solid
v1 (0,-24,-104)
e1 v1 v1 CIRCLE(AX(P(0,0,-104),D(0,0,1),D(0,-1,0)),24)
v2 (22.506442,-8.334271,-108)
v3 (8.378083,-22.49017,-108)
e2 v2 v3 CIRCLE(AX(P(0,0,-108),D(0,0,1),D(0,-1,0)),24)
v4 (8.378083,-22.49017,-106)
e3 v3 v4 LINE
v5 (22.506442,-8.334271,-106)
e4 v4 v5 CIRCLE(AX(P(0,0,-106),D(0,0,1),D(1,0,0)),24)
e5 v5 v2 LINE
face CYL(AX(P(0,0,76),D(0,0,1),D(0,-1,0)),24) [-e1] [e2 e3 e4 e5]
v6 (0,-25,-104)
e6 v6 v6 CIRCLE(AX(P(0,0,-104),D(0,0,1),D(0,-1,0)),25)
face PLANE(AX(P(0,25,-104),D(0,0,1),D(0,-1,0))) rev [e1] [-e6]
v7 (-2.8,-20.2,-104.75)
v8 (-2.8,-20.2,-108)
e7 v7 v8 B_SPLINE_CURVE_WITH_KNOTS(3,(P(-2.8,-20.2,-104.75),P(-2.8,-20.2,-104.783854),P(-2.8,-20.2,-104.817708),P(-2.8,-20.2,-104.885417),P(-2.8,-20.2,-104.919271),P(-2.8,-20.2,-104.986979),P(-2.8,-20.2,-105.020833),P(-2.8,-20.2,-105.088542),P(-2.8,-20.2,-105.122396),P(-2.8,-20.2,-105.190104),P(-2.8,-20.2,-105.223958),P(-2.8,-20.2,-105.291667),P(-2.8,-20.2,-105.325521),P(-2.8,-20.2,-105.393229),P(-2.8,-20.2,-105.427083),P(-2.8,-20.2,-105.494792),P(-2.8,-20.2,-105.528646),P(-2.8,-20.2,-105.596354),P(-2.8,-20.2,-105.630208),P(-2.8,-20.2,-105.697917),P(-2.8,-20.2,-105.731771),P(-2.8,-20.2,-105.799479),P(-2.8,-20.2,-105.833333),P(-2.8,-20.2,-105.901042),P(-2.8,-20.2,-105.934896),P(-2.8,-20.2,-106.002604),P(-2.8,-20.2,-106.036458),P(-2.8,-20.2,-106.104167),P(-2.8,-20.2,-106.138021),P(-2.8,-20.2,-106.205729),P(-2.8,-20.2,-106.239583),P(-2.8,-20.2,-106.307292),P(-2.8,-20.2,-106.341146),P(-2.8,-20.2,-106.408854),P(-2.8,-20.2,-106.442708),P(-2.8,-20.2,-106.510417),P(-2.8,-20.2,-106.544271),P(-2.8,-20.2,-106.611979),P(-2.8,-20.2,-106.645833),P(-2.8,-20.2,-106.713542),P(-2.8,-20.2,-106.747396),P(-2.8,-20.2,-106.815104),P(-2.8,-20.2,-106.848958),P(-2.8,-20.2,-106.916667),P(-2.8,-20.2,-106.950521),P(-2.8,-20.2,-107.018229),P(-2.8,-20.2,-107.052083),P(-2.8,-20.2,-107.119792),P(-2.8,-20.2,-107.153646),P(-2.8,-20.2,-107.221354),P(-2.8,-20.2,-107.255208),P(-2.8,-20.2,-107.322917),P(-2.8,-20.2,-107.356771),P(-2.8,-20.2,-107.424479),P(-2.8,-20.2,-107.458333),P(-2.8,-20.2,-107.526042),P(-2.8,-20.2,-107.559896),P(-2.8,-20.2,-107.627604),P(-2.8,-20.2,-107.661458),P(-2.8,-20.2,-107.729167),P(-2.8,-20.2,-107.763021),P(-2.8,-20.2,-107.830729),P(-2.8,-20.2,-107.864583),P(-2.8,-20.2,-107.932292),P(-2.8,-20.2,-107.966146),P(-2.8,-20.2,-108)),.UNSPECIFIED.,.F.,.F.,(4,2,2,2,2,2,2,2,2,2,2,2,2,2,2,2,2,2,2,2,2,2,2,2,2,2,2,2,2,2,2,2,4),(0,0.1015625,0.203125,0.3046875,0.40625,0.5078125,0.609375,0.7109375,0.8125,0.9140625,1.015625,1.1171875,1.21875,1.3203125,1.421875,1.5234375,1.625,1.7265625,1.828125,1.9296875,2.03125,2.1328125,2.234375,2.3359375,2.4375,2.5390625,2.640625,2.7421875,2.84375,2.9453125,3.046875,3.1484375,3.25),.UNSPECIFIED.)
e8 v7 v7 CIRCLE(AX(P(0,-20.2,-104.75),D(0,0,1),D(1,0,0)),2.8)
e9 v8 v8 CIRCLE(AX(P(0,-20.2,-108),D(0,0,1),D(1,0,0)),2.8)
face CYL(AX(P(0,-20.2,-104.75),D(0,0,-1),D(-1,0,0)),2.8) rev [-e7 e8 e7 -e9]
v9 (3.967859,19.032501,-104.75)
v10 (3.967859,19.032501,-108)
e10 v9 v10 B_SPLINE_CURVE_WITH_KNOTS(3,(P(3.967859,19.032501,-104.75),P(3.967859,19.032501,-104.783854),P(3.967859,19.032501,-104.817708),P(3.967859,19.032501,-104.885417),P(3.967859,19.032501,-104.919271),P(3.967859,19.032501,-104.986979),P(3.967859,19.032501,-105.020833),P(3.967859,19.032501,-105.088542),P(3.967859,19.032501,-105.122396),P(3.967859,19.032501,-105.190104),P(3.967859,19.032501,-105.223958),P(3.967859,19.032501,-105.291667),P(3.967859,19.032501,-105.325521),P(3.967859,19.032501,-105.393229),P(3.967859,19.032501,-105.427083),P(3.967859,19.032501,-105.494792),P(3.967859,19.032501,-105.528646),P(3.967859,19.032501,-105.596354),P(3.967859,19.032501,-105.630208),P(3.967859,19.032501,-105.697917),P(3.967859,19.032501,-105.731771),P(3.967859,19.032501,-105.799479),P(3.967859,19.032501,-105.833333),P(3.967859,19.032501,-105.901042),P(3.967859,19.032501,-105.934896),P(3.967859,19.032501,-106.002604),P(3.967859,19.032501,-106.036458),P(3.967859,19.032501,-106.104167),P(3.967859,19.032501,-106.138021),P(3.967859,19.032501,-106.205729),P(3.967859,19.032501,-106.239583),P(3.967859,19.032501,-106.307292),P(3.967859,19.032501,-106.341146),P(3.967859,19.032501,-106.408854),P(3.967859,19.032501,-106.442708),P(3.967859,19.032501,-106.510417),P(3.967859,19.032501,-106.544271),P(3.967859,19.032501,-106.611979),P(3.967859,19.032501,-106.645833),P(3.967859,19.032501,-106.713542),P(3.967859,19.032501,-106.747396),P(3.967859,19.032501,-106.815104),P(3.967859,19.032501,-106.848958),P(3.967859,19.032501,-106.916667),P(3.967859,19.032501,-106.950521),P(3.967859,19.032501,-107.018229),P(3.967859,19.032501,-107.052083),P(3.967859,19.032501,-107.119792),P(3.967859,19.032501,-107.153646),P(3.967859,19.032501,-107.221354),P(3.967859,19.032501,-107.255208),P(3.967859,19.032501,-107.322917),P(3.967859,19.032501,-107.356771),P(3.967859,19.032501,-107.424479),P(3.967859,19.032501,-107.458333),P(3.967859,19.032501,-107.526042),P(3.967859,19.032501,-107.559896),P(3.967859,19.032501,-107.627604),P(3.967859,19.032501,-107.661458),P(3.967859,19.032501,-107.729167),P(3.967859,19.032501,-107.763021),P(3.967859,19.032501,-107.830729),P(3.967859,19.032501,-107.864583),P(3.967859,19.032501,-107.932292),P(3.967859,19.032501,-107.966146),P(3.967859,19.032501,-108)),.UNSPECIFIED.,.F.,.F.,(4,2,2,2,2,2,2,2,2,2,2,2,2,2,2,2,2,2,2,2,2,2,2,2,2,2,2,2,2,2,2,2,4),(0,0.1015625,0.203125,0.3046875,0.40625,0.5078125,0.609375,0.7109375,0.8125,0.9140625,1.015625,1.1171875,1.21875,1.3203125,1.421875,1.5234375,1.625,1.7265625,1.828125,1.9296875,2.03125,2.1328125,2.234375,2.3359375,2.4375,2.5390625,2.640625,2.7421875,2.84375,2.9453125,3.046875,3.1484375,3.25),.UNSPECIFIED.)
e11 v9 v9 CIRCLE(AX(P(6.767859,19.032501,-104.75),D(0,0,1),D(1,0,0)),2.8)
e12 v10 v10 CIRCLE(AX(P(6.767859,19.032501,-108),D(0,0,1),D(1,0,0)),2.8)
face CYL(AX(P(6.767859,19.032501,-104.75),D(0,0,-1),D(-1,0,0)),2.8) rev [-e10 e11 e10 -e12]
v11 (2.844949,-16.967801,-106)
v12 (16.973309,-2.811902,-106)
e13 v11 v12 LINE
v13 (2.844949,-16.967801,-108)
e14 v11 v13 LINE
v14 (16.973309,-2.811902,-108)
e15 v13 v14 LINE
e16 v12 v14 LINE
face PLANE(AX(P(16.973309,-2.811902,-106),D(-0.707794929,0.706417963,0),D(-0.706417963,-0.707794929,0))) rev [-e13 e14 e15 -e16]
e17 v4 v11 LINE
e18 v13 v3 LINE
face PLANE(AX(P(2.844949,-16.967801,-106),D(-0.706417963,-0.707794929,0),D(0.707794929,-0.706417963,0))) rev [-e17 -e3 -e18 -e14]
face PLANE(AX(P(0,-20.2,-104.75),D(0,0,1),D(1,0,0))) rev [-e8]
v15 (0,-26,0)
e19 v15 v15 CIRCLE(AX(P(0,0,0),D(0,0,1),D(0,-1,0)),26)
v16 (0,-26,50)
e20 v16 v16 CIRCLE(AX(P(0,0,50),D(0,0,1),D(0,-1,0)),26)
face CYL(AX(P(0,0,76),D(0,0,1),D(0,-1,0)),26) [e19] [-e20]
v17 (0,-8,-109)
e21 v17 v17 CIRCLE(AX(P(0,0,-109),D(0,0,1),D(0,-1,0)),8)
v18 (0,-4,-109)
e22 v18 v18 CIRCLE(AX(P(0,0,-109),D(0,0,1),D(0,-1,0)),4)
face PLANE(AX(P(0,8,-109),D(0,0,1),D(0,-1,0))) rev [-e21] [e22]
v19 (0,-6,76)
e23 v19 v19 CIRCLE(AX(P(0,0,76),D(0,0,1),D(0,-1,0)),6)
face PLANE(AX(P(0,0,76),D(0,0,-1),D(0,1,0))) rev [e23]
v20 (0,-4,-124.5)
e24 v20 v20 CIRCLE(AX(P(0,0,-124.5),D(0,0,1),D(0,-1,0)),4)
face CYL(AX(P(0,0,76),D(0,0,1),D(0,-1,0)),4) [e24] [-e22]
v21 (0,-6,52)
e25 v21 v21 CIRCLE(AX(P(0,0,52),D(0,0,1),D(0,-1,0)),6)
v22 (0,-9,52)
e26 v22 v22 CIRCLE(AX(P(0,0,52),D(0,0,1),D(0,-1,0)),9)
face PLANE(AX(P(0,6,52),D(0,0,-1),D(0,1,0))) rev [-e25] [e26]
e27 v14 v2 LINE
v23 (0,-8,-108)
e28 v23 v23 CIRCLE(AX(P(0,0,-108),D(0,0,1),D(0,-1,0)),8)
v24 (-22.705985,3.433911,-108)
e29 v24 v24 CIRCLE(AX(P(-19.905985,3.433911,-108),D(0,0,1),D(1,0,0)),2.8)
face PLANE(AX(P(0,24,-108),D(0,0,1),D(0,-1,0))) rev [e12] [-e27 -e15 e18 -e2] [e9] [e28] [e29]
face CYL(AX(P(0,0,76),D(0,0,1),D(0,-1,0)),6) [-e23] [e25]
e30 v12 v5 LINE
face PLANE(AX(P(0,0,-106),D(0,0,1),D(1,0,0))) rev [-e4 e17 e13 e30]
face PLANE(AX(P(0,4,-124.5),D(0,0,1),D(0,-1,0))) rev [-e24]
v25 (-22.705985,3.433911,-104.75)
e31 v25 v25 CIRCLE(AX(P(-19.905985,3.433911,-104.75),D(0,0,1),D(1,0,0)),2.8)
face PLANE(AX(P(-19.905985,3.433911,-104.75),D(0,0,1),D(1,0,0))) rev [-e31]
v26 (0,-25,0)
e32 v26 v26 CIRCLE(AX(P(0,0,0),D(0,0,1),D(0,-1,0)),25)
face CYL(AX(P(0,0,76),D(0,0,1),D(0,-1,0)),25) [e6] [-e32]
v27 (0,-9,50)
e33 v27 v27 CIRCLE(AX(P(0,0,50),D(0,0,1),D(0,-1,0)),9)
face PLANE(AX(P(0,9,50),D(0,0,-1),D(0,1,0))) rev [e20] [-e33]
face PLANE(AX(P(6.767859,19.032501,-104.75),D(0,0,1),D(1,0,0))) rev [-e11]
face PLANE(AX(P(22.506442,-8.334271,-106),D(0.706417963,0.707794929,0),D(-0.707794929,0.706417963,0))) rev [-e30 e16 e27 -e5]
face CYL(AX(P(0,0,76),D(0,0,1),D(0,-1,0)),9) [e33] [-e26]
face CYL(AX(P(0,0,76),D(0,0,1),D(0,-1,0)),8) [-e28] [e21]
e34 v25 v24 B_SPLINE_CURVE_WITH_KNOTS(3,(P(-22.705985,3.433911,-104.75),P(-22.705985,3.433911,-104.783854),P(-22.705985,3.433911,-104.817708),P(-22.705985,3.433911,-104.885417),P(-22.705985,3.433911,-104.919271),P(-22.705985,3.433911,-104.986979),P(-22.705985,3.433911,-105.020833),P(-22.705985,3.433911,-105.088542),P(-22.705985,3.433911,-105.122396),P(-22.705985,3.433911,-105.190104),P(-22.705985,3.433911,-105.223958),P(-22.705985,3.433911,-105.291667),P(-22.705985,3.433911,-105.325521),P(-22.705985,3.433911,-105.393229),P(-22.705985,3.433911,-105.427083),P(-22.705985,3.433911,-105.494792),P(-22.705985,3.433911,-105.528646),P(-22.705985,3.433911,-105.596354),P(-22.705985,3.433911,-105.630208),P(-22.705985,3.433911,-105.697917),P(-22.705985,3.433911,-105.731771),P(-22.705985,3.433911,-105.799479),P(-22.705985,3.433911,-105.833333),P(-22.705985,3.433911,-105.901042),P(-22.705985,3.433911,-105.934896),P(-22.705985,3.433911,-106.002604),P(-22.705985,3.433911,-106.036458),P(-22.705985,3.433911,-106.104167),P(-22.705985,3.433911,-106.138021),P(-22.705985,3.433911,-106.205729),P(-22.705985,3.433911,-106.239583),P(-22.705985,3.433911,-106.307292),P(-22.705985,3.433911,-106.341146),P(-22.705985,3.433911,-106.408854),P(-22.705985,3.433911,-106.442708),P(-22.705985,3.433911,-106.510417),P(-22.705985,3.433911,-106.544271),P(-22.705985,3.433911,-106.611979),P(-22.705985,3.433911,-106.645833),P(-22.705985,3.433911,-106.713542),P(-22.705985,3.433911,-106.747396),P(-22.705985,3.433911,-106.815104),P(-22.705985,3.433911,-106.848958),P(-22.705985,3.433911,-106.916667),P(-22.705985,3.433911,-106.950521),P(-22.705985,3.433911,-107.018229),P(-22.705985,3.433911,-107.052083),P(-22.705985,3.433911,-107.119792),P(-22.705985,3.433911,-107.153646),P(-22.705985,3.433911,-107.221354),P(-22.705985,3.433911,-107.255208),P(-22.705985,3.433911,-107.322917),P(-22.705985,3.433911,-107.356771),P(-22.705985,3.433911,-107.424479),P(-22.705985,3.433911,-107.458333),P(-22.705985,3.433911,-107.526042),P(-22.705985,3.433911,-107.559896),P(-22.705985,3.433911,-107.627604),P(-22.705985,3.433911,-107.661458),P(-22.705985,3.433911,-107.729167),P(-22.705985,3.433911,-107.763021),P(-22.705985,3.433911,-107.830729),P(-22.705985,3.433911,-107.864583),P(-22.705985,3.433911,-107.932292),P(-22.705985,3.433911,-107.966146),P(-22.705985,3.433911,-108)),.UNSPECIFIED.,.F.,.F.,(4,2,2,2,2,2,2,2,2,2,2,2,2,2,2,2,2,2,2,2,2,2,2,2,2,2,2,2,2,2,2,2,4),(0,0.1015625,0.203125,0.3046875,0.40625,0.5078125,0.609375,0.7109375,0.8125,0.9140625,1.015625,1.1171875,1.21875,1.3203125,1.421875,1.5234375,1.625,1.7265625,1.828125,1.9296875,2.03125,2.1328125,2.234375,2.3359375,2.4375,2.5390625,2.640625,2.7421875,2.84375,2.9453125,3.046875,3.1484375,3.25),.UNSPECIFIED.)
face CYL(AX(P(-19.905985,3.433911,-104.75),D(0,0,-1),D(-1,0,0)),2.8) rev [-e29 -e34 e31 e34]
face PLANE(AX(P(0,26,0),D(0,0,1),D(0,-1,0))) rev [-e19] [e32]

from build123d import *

# Parameters (mm, degrees)
SKETCH3_R          = 2.8
CUT_EXTRUDE2_DEPTH = 3.25
CUT_EXTRUDE3_DEPTH = 2


with BuildPart() as part:
    # Sketch1 → Revolve1 (revolve)
    with BuildSketch(Plane(origin=(0, 0, 0), x_dir=(0, 0, -1), z_dir=(1, 0, 0)), mode=Mode.PRIVATE) as revolve1_sk:
        Polygon((-76, 0), (124.5, 0), (124.5, 4), (109, 4), (109, 8), (108, 8), (108, 24), (104, 24), (104, 25), (0, 25), (0, 26), (-50, 26), (-50, 9), (-52, 9), (-52, 6), (-76, 6), align=None)
    revolve(revolve1_sk.sketch.rotate(Axis((0, 0, 76), (0, 0, -1)), 180), axis=Axis((0, 0, 76), (0, 0, -1)))

    # Sketch3 → Cut-Extrude2 (cut)
    with BuildSketch(Plane.XY.offset(-108)):
        with Locations(Location((6.767859423, 19.032500593, 0), (0, 0, 180))):
            Circle(SKETCH3_R)
        with Locations(Location((-19.905985431, 3.433910891, 0), (0, 0, 180))):
            Circle(SKETCH3_R)
        with Locations(Location((0, -20.2, 0), (0, 0, 180))):
            Circle(SKETCH3_R)
    extrude(amount=CUT_EXTRUDE2_DEPTH, mode=Mode.SUBTRACT)

    # Sketch4 → Cut-Extrude3 (cut)
    with BuildSketch(Plane(origin=(0, 0, -108), x_dir=(-1, 0, 0), z_dir=(0, 0, -1))):
        Polygon((-22.506441861, -8.334271099), (-16.973308635, -2.811902197), (-2.844949371, -16.967800773), (-8.378082597, -22.490169675), (-11.338488517, -25.444816332), (-25.466847781, -11.288917756), align=None)
    extrude(amount=-CUT_EXTRUDE3_DEPTH, mode=Mode.SUBTRACT)


solid = part.part
